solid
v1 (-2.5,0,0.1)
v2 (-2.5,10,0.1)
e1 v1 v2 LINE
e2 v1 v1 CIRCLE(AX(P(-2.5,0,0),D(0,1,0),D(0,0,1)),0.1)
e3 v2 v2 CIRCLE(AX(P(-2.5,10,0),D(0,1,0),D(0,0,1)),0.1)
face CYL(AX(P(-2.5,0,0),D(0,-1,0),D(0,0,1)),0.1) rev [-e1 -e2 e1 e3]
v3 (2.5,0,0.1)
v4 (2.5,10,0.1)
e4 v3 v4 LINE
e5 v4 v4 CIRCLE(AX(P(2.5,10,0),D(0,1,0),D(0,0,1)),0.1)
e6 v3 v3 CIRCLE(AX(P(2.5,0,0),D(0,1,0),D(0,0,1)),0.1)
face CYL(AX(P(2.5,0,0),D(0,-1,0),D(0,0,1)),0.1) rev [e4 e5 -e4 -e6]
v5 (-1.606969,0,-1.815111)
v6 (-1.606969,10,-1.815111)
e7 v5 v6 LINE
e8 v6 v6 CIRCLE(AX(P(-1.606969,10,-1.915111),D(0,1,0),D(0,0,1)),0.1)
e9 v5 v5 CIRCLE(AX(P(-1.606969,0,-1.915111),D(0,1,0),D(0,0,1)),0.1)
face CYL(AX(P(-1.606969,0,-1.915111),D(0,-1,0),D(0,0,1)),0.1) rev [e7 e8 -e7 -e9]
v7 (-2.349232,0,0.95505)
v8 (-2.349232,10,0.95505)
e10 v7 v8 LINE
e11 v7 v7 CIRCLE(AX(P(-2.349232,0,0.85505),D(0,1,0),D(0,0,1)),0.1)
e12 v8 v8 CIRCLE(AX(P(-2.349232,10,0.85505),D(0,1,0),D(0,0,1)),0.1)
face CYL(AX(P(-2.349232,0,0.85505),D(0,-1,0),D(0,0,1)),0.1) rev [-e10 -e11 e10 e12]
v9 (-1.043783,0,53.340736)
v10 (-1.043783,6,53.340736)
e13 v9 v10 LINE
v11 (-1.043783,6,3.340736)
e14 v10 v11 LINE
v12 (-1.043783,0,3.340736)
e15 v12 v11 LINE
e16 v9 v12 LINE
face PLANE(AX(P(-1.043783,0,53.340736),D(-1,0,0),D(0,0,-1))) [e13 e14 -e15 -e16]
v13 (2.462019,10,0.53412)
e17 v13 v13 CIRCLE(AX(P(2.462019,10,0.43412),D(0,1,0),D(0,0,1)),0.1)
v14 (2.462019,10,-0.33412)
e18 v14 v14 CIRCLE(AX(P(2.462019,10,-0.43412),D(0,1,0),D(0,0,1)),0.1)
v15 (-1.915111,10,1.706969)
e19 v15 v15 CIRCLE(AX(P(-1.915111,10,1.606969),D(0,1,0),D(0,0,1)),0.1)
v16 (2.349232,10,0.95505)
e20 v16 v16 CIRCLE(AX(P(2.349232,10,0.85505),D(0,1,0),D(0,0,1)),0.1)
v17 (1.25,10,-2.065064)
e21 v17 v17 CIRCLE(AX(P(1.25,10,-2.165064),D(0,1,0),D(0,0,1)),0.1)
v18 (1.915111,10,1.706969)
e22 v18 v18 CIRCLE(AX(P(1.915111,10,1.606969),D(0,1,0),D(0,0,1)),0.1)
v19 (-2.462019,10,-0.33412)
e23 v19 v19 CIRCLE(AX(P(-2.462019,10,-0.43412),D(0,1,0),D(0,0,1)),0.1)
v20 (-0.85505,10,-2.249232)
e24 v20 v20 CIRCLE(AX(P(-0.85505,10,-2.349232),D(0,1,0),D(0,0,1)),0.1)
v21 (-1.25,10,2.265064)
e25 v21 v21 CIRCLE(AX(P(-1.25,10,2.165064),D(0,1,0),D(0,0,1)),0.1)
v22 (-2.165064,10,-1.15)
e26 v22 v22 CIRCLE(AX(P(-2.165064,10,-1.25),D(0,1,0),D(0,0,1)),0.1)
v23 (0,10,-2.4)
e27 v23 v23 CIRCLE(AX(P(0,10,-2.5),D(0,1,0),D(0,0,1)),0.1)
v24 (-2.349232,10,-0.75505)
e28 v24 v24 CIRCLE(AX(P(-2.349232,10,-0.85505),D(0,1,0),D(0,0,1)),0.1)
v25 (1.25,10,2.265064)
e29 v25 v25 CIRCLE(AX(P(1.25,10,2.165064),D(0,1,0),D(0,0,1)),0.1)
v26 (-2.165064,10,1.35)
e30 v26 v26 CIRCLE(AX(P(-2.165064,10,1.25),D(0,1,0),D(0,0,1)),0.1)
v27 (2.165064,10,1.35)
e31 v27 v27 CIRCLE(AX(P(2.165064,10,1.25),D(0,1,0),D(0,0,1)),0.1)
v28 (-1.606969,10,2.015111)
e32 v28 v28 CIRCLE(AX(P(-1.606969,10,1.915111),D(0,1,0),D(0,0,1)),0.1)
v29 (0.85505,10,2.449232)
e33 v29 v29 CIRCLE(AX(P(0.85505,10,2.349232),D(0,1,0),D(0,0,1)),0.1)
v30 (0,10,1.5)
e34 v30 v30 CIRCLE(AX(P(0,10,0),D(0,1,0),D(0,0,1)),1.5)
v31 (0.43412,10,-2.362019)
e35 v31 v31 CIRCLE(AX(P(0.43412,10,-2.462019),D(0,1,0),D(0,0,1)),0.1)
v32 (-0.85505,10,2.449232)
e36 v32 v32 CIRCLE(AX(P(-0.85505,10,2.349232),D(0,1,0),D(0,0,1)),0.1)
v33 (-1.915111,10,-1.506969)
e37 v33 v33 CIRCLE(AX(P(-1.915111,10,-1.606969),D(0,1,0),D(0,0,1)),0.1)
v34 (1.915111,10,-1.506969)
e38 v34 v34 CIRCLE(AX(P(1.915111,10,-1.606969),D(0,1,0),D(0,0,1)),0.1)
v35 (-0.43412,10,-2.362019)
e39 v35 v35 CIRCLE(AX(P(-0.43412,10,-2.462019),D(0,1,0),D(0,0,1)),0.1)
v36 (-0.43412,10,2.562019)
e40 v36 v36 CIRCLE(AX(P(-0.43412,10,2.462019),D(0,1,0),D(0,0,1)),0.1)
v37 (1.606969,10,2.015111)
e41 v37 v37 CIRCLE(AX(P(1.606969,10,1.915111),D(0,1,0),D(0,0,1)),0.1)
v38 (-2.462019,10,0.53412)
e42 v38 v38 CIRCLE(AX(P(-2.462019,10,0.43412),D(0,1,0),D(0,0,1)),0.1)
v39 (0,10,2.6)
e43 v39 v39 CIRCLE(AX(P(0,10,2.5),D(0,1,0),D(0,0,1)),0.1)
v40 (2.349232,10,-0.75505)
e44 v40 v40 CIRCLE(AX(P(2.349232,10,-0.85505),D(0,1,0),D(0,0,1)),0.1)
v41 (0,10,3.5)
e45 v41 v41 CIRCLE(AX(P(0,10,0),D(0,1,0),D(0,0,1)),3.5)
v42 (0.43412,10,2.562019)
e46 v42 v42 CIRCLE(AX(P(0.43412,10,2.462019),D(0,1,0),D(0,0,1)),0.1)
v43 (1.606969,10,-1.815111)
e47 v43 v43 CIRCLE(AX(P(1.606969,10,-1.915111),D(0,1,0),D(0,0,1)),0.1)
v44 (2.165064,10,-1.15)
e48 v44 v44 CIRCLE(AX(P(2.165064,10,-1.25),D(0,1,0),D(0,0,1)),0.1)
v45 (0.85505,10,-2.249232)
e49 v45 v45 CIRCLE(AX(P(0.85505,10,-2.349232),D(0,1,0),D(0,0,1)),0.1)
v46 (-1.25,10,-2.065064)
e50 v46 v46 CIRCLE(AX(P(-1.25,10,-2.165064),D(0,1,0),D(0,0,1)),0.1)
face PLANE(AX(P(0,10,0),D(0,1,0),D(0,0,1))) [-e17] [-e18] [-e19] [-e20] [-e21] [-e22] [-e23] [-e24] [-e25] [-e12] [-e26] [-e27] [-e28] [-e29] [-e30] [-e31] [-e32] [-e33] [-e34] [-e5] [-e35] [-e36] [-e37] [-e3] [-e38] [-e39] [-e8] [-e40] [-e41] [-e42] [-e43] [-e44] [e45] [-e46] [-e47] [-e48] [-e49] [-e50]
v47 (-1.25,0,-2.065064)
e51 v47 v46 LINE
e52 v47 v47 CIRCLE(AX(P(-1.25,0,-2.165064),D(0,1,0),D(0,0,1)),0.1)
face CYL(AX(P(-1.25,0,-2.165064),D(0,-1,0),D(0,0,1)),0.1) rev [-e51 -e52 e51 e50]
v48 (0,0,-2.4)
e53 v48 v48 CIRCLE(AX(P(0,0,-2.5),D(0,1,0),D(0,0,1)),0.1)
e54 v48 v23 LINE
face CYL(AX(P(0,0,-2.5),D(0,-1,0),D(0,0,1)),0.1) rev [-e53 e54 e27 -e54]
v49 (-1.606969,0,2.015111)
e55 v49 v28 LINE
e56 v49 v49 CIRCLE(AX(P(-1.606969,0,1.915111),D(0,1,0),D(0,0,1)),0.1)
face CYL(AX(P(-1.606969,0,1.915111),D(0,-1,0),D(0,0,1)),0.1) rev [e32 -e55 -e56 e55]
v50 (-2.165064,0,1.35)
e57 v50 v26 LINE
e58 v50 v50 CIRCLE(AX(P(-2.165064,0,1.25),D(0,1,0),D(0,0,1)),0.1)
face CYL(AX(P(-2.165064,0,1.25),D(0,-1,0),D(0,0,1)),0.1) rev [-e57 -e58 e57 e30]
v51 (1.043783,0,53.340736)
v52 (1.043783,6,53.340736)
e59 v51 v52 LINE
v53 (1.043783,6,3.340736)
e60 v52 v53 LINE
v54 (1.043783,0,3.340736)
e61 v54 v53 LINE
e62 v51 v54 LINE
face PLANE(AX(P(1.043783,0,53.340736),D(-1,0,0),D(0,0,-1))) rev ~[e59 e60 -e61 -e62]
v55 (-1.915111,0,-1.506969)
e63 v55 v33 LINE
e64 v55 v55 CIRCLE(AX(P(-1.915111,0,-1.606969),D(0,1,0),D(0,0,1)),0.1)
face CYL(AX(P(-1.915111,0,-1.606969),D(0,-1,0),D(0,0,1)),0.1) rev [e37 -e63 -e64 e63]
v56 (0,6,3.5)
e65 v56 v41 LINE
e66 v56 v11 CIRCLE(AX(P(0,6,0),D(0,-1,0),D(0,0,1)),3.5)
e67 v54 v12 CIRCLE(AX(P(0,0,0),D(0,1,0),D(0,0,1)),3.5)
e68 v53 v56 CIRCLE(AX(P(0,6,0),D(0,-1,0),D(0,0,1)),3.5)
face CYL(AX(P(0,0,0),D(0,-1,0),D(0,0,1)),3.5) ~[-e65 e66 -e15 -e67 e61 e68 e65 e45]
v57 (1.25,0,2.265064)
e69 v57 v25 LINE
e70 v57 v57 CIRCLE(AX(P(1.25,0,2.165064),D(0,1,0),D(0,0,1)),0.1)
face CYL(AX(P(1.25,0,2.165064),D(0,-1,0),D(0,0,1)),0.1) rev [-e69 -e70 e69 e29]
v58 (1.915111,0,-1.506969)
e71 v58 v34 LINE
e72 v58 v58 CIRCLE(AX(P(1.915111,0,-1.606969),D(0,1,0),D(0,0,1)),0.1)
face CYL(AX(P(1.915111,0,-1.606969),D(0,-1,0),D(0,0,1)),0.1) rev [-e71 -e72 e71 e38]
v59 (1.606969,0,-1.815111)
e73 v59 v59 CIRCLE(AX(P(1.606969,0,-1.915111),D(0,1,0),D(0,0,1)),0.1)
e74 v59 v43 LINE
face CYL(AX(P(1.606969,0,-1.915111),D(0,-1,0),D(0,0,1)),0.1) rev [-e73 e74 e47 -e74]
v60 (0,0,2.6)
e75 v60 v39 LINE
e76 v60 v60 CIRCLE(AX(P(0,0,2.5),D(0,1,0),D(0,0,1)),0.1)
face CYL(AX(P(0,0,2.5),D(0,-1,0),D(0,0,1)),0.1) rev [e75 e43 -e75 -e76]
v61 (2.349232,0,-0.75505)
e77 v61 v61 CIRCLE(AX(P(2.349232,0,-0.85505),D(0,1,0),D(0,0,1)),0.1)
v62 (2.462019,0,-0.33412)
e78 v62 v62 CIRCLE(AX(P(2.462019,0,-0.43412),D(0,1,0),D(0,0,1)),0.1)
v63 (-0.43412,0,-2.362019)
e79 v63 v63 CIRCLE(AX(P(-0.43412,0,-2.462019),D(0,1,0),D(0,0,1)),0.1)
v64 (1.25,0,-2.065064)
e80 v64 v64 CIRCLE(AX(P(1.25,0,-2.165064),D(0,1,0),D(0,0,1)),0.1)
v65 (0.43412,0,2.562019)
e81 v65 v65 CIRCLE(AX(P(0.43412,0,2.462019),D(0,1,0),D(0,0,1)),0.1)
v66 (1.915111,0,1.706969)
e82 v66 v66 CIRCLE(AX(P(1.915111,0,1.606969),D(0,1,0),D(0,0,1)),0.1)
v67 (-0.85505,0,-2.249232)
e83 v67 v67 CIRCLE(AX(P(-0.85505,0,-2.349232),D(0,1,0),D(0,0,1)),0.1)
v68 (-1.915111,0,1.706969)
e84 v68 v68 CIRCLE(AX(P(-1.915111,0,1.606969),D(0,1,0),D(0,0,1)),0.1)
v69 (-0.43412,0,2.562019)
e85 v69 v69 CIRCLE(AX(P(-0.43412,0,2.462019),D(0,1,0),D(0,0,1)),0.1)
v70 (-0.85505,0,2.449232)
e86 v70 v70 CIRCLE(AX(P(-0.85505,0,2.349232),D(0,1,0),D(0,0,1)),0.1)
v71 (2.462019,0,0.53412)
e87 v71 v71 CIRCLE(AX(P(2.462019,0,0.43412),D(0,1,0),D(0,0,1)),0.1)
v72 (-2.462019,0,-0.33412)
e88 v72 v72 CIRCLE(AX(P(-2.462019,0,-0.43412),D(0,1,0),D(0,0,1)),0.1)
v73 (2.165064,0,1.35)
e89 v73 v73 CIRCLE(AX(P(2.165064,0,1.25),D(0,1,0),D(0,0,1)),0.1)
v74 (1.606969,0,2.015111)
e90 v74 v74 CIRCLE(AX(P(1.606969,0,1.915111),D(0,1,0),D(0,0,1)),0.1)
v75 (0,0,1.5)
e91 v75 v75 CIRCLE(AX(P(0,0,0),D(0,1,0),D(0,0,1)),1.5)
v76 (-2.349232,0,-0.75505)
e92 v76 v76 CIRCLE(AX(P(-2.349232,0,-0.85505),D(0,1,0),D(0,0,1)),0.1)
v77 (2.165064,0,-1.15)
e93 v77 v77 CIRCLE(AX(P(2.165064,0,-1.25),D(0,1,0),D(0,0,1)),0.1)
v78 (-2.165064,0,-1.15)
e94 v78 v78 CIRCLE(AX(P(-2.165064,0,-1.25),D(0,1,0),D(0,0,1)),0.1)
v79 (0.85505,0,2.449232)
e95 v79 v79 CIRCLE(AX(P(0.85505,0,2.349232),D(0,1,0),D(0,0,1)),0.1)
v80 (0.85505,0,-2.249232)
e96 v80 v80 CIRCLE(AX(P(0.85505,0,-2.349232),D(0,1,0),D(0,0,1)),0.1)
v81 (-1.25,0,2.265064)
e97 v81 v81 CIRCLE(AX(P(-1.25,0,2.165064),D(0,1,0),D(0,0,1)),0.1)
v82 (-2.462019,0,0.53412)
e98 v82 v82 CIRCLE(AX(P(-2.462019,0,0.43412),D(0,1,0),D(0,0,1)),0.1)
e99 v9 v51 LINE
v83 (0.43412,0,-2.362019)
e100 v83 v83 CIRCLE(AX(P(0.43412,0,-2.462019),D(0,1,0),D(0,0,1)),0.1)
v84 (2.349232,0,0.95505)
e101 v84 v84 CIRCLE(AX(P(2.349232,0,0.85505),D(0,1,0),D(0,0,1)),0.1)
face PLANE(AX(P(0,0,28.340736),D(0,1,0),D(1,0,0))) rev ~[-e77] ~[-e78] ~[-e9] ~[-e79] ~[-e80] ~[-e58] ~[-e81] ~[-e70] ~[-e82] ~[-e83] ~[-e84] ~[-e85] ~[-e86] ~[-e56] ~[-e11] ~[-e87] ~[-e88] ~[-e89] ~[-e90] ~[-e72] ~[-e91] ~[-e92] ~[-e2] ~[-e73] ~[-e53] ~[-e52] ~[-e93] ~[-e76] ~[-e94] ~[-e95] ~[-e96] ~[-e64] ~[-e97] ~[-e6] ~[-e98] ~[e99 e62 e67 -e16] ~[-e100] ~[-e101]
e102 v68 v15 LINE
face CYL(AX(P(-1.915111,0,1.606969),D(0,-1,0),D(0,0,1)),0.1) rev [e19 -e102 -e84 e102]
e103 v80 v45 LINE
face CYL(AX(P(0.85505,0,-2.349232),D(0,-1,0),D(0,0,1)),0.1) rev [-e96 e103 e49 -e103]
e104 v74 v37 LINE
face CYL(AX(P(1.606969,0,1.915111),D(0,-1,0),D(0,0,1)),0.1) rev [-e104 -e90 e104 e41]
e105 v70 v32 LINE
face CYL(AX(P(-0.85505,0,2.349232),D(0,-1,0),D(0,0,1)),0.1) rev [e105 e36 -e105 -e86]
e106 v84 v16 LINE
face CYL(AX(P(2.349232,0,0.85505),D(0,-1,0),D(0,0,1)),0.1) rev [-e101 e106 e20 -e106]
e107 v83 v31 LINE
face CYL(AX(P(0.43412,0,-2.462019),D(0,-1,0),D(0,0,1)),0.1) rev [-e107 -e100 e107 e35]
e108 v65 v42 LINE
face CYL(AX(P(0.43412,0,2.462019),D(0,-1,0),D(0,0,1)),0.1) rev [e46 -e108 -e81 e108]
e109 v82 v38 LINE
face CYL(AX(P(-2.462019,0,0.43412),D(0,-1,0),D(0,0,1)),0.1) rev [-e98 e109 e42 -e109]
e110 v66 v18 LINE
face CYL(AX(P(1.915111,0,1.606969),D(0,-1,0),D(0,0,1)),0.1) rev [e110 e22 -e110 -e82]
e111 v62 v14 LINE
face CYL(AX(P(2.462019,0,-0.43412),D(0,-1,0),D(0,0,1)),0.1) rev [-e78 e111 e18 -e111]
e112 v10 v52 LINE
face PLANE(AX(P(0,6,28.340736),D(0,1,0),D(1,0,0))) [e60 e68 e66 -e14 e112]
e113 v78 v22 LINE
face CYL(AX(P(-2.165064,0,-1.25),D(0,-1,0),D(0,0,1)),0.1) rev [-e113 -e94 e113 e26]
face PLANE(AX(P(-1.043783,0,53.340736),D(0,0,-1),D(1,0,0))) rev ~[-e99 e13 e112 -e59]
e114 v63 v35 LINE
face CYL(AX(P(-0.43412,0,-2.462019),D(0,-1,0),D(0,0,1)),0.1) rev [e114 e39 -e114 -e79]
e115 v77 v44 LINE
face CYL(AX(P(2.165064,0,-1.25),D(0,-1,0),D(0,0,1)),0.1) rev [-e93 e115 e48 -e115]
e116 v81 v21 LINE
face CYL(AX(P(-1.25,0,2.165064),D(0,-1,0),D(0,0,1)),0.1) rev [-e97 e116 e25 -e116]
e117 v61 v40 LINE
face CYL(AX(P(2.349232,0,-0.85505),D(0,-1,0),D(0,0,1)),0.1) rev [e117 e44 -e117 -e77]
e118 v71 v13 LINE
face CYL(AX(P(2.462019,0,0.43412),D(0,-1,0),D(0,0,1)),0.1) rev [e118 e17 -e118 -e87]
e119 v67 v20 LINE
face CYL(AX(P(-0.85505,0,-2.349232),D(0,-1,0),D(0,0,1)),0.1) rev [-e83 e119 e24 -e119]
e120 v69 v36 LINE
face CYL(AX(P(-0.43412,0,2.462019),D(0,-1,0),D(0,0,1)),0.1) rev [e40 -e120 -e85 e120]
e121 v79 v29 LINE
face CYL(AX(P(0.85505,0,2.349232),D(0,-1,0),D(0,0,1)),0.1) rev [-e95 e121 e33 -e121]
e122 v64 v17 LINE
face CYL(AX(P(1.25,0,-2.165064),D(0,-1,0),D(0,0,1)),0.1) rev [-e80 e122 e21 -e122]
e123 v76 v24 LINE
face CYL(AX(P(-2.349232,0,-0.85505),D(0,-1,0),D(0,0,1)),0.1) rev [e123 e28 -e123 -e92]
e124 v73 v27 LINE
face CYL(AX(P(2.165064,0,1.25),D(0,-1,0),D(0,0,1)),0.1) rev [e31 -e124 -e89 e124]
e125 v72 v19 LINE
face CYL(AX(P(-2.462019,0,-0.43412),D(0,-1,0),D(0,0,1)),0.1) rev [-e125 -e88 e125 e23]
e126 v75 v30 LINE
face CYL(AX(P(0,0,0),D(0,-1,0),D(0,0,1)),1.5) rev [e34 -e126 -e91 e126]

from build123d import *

# Parameters (mm, degrees)
SKETCH1_R           = 3.5
SKETCH1_R_2         = 0.1
SKETCH1_R_3         = 1.5
BOSS_EXTRUDE2_DEPTH = 10
SKETCH7_W           = 2.087565374
SKETCH7_H           = 50
BOSS_EXTRUDE4_DEPTH = 6


with BuildPart() as part:
    # Sketch1 → Boss-Extrude2 (new body)
    with BuildSketch(Plane(origin=(0, 0, 0), x_dir=(1, 0, 0), z_dir=(0, 1, 0))):
        with Locations(Location((0, 0, 0), (0, 0, 270))):
            Circle(SKETCH1_R)
        with Locations(Location((-1.606969024, 1.915111108, 0), (0, 0, 270))):
            Circle(SKETCH1_R_2, mode=Mode.SUBTRACT)
        with Locations(Location((-1.25, 2.165063509, 0), (0, 0, 270))):
            Circle(SKETCH1_R_2, mode=Mode.SUBTRACT)
        with Locations(Location((-0.855050358, 2.349231552, 0), (0, 0, 270))):
            Circle(SKETCH1_R_2, mode=Mode.SUBTRACT)
        with Locations(Location((-0.434120444, 2.462019383, 0), (0, 0, 270))):
            Circle(SKETCH1_R_2, mode=Mode.SUBTRACT)
        with Locations(Location((0, 2.5, 0), (0, 0, 270))):
            Circle(SKETCH1_R_2, mode=Mode.SUBTRACT)
        with Locations(Location((0.434120444, 2.462019383, 0), (0, 0, 270))):
            Circle(SKETCH1_R_2, mode=Mode.SUBTRACT)
        with Locations(Location((0.855050358, 2.349231552, 0), (0, 0, 270))):
            Circle(SKETCH1_R_2, mode=Mode.SUBTRACT)
        with Locations(Location((1.25, 2.165063509, 0), (0, 0, 270))):
            Circle(SKETCH1_R_2, mode=Mode.SUBTRACT)
        with Locations(Location((1.606969024, 1.915111108, 0), (0, 0, 270))):
            Circle(SKETCH1_R_2, mode=Mode.SUBTRACT)
        with Locations(Location((1.915111108, 1.606969024, 0), (0, 0, 270))):
            Circle(SKETCH1_R_2, mode=Mode.SUBTRACT)
        with Locations(Location((2.165063509, 1.25, 0), (0, 0, 270))):
            Circle(SKETCH1_R_2, mode=Mode.SUBTRACT)
        with Locations(Location((2.349231552, 0.855050358, 0), (0, 0, 270))):
            Circle(SKETCH1_R_2, mode=Mode.SUBTRACT)
        with Locations(Location((2.462019383, 0.434120444, 0), (0, 0, 270))):
            Circle(SKETCH1_R_2, mode=Mode.SUBTRACT)
        with Locations(Location((2.349231552, -0.855050358, 0), (0, 0, 270))):
            Circle(SKETCH1_R_2, mode=Mode.SUBTRACT)
        with Locations(Location((2.462019383, -0.434120444, 0), (0, 0, 270))):
            Circle(SKETCH1_R_2, mode=Mode.SUBTRACT)
        with Locations(Location((1.25, -2.165063509, 0), (0, 0, 270))):
            Circle(SKETCH1_R_2, mode=Mode.SUBTRACT)
        with Locations(Location((1.606969024, -1.915111108, 0), (0, 0, 270))):
            Circle(SKETCH1_R_2, mode=Mode.SUBTRACT)
        with Locations(Location((1.915111108, -1.606969024, 0), (0, 0, 270))):
            Circle(SKETCH1_R_2, mode=Mode.SUBTRACT)
        with Locations(Location((2.165063509, -1.25, 0), (0, 0, 270))):
            Circle(SKETCH1_R_2, mode=Mode.SUBTRACT)
        with Locations(Location((2.5, 0, 0), (0, 0, 270))):
            Circle(SKETCH1_R_2, mode=Mode.SUBTRACT)
        with Locations(Location((0.434120444, -2.462019383, 0), (0, 0, 270))):
            Circle(SKETCH1_R_2, mode=Mode.SUBTRACT)
        with Locations(Location((0.855050358, -2.349231552, 0), (0, 0, 270))):
            Circle(SKETCH1_R_2, mode=Mode.SUBTRACT)
        with Locations(Location((-0.434120444, -2.462019383, 0), (0, 0, 270))):
            Circle(SKETCH1_R_2, mode=Mode.SUBTRACT)
        with Locations(Location((-0.855050358, -2.349231552, 0), (0, 0, 270))):
            Circle(SKETCH1_R_2, mode=Mode.SUBTRACT)
        with Locations(Location((0, -2.5, 0), (0, 0, 270))):
            Circle(SKETCH1_R_2, mode=Mode.SUBTRACT)
        with Locations(Location((-1.25, -2.165063509, 0), (0, 0, 270))):
            Circle(SKETCH1_R_2, mode=Mode.SUBTRACT)
        with Locations(Location((-1.915111108, -1.606969024, 0), (0, 0, 270))):
            Circle(SKETCH1_R_2, mode=Mode.SUBTRACT)
        with Locations(Location((-1.606969024, -1.915111108, 0), (0, 0, 270))):
            Circle(SKETCH1_R_2, mode=Mode.SUBTRACT)
        with Locations(Location((-2.462019383, -0.434120444, 0), (0, 0, 270))):
            Circle(SKETCH1_R_2, mode=Mode.SUBTRACT)
        with Locations(Location((-2.349231552, -0.855050358, 0), (0, 0, 270))):
            Circle(SKETCH1_R_2, mode=Mode.SUBTRACT)
        with Locations(Location((-2.165063509, -1.25, 0), (0, 0, 270))):
            Circle(SKETCH1_R_2, mode=Mode.SUBTRACT)
        with Locations(Location((-2.349231552, 0.855050358, 0), (0, 0, 270))):
            Circle(SKETCH1_R_2, mode=Mode.SUBTRACT)
        with Locations(Location((-2.462019383, 0.434120444, 0), (0, 0, 270))):
            Circle(SKETCH1_R_2, mode=Mode.SUBTRACT)
        with Locations(Location((-2.5, 0, 0), (0, 0, 270))):
            Circle(SKETCH1_R_2, mode=Mode.SUBTRACT)
        with Locations(Location((-1.915111108, 1.606969024, 0), (0, 0, 270))):
            Circle(SKETCH1_R_2, mode=Mode.SUBTRACT)
        with Locations(Location((-2.165063509, 1.25, 0), (0, 0, 270))):
            Circle(SKETCH1_R_2, mode=Mode.SUBTRACT)
        with Locations(Location((0, 0, 0), (0, 0, 270))):
            Circle(SKETCH1_R_3, mode=Mode.SUBTRACT)
    extrude(amount=BOSS_EXTRUDE2_DEPTH)

    # Sketch7 → Boss-Extrude4 (add)
    with BuildSketch(Plane(origin=(0, 0, 0), x_dir=(1, 0, 0), z_dir=(0, 1, 0))):
        with Locations((0, -28.340736102)):
            Rectangle(SKETCH7_W, SKETCH7_H)
    extrude(amount=BOSS_EXTRUDE4_DEPTH)


solid = part.part
